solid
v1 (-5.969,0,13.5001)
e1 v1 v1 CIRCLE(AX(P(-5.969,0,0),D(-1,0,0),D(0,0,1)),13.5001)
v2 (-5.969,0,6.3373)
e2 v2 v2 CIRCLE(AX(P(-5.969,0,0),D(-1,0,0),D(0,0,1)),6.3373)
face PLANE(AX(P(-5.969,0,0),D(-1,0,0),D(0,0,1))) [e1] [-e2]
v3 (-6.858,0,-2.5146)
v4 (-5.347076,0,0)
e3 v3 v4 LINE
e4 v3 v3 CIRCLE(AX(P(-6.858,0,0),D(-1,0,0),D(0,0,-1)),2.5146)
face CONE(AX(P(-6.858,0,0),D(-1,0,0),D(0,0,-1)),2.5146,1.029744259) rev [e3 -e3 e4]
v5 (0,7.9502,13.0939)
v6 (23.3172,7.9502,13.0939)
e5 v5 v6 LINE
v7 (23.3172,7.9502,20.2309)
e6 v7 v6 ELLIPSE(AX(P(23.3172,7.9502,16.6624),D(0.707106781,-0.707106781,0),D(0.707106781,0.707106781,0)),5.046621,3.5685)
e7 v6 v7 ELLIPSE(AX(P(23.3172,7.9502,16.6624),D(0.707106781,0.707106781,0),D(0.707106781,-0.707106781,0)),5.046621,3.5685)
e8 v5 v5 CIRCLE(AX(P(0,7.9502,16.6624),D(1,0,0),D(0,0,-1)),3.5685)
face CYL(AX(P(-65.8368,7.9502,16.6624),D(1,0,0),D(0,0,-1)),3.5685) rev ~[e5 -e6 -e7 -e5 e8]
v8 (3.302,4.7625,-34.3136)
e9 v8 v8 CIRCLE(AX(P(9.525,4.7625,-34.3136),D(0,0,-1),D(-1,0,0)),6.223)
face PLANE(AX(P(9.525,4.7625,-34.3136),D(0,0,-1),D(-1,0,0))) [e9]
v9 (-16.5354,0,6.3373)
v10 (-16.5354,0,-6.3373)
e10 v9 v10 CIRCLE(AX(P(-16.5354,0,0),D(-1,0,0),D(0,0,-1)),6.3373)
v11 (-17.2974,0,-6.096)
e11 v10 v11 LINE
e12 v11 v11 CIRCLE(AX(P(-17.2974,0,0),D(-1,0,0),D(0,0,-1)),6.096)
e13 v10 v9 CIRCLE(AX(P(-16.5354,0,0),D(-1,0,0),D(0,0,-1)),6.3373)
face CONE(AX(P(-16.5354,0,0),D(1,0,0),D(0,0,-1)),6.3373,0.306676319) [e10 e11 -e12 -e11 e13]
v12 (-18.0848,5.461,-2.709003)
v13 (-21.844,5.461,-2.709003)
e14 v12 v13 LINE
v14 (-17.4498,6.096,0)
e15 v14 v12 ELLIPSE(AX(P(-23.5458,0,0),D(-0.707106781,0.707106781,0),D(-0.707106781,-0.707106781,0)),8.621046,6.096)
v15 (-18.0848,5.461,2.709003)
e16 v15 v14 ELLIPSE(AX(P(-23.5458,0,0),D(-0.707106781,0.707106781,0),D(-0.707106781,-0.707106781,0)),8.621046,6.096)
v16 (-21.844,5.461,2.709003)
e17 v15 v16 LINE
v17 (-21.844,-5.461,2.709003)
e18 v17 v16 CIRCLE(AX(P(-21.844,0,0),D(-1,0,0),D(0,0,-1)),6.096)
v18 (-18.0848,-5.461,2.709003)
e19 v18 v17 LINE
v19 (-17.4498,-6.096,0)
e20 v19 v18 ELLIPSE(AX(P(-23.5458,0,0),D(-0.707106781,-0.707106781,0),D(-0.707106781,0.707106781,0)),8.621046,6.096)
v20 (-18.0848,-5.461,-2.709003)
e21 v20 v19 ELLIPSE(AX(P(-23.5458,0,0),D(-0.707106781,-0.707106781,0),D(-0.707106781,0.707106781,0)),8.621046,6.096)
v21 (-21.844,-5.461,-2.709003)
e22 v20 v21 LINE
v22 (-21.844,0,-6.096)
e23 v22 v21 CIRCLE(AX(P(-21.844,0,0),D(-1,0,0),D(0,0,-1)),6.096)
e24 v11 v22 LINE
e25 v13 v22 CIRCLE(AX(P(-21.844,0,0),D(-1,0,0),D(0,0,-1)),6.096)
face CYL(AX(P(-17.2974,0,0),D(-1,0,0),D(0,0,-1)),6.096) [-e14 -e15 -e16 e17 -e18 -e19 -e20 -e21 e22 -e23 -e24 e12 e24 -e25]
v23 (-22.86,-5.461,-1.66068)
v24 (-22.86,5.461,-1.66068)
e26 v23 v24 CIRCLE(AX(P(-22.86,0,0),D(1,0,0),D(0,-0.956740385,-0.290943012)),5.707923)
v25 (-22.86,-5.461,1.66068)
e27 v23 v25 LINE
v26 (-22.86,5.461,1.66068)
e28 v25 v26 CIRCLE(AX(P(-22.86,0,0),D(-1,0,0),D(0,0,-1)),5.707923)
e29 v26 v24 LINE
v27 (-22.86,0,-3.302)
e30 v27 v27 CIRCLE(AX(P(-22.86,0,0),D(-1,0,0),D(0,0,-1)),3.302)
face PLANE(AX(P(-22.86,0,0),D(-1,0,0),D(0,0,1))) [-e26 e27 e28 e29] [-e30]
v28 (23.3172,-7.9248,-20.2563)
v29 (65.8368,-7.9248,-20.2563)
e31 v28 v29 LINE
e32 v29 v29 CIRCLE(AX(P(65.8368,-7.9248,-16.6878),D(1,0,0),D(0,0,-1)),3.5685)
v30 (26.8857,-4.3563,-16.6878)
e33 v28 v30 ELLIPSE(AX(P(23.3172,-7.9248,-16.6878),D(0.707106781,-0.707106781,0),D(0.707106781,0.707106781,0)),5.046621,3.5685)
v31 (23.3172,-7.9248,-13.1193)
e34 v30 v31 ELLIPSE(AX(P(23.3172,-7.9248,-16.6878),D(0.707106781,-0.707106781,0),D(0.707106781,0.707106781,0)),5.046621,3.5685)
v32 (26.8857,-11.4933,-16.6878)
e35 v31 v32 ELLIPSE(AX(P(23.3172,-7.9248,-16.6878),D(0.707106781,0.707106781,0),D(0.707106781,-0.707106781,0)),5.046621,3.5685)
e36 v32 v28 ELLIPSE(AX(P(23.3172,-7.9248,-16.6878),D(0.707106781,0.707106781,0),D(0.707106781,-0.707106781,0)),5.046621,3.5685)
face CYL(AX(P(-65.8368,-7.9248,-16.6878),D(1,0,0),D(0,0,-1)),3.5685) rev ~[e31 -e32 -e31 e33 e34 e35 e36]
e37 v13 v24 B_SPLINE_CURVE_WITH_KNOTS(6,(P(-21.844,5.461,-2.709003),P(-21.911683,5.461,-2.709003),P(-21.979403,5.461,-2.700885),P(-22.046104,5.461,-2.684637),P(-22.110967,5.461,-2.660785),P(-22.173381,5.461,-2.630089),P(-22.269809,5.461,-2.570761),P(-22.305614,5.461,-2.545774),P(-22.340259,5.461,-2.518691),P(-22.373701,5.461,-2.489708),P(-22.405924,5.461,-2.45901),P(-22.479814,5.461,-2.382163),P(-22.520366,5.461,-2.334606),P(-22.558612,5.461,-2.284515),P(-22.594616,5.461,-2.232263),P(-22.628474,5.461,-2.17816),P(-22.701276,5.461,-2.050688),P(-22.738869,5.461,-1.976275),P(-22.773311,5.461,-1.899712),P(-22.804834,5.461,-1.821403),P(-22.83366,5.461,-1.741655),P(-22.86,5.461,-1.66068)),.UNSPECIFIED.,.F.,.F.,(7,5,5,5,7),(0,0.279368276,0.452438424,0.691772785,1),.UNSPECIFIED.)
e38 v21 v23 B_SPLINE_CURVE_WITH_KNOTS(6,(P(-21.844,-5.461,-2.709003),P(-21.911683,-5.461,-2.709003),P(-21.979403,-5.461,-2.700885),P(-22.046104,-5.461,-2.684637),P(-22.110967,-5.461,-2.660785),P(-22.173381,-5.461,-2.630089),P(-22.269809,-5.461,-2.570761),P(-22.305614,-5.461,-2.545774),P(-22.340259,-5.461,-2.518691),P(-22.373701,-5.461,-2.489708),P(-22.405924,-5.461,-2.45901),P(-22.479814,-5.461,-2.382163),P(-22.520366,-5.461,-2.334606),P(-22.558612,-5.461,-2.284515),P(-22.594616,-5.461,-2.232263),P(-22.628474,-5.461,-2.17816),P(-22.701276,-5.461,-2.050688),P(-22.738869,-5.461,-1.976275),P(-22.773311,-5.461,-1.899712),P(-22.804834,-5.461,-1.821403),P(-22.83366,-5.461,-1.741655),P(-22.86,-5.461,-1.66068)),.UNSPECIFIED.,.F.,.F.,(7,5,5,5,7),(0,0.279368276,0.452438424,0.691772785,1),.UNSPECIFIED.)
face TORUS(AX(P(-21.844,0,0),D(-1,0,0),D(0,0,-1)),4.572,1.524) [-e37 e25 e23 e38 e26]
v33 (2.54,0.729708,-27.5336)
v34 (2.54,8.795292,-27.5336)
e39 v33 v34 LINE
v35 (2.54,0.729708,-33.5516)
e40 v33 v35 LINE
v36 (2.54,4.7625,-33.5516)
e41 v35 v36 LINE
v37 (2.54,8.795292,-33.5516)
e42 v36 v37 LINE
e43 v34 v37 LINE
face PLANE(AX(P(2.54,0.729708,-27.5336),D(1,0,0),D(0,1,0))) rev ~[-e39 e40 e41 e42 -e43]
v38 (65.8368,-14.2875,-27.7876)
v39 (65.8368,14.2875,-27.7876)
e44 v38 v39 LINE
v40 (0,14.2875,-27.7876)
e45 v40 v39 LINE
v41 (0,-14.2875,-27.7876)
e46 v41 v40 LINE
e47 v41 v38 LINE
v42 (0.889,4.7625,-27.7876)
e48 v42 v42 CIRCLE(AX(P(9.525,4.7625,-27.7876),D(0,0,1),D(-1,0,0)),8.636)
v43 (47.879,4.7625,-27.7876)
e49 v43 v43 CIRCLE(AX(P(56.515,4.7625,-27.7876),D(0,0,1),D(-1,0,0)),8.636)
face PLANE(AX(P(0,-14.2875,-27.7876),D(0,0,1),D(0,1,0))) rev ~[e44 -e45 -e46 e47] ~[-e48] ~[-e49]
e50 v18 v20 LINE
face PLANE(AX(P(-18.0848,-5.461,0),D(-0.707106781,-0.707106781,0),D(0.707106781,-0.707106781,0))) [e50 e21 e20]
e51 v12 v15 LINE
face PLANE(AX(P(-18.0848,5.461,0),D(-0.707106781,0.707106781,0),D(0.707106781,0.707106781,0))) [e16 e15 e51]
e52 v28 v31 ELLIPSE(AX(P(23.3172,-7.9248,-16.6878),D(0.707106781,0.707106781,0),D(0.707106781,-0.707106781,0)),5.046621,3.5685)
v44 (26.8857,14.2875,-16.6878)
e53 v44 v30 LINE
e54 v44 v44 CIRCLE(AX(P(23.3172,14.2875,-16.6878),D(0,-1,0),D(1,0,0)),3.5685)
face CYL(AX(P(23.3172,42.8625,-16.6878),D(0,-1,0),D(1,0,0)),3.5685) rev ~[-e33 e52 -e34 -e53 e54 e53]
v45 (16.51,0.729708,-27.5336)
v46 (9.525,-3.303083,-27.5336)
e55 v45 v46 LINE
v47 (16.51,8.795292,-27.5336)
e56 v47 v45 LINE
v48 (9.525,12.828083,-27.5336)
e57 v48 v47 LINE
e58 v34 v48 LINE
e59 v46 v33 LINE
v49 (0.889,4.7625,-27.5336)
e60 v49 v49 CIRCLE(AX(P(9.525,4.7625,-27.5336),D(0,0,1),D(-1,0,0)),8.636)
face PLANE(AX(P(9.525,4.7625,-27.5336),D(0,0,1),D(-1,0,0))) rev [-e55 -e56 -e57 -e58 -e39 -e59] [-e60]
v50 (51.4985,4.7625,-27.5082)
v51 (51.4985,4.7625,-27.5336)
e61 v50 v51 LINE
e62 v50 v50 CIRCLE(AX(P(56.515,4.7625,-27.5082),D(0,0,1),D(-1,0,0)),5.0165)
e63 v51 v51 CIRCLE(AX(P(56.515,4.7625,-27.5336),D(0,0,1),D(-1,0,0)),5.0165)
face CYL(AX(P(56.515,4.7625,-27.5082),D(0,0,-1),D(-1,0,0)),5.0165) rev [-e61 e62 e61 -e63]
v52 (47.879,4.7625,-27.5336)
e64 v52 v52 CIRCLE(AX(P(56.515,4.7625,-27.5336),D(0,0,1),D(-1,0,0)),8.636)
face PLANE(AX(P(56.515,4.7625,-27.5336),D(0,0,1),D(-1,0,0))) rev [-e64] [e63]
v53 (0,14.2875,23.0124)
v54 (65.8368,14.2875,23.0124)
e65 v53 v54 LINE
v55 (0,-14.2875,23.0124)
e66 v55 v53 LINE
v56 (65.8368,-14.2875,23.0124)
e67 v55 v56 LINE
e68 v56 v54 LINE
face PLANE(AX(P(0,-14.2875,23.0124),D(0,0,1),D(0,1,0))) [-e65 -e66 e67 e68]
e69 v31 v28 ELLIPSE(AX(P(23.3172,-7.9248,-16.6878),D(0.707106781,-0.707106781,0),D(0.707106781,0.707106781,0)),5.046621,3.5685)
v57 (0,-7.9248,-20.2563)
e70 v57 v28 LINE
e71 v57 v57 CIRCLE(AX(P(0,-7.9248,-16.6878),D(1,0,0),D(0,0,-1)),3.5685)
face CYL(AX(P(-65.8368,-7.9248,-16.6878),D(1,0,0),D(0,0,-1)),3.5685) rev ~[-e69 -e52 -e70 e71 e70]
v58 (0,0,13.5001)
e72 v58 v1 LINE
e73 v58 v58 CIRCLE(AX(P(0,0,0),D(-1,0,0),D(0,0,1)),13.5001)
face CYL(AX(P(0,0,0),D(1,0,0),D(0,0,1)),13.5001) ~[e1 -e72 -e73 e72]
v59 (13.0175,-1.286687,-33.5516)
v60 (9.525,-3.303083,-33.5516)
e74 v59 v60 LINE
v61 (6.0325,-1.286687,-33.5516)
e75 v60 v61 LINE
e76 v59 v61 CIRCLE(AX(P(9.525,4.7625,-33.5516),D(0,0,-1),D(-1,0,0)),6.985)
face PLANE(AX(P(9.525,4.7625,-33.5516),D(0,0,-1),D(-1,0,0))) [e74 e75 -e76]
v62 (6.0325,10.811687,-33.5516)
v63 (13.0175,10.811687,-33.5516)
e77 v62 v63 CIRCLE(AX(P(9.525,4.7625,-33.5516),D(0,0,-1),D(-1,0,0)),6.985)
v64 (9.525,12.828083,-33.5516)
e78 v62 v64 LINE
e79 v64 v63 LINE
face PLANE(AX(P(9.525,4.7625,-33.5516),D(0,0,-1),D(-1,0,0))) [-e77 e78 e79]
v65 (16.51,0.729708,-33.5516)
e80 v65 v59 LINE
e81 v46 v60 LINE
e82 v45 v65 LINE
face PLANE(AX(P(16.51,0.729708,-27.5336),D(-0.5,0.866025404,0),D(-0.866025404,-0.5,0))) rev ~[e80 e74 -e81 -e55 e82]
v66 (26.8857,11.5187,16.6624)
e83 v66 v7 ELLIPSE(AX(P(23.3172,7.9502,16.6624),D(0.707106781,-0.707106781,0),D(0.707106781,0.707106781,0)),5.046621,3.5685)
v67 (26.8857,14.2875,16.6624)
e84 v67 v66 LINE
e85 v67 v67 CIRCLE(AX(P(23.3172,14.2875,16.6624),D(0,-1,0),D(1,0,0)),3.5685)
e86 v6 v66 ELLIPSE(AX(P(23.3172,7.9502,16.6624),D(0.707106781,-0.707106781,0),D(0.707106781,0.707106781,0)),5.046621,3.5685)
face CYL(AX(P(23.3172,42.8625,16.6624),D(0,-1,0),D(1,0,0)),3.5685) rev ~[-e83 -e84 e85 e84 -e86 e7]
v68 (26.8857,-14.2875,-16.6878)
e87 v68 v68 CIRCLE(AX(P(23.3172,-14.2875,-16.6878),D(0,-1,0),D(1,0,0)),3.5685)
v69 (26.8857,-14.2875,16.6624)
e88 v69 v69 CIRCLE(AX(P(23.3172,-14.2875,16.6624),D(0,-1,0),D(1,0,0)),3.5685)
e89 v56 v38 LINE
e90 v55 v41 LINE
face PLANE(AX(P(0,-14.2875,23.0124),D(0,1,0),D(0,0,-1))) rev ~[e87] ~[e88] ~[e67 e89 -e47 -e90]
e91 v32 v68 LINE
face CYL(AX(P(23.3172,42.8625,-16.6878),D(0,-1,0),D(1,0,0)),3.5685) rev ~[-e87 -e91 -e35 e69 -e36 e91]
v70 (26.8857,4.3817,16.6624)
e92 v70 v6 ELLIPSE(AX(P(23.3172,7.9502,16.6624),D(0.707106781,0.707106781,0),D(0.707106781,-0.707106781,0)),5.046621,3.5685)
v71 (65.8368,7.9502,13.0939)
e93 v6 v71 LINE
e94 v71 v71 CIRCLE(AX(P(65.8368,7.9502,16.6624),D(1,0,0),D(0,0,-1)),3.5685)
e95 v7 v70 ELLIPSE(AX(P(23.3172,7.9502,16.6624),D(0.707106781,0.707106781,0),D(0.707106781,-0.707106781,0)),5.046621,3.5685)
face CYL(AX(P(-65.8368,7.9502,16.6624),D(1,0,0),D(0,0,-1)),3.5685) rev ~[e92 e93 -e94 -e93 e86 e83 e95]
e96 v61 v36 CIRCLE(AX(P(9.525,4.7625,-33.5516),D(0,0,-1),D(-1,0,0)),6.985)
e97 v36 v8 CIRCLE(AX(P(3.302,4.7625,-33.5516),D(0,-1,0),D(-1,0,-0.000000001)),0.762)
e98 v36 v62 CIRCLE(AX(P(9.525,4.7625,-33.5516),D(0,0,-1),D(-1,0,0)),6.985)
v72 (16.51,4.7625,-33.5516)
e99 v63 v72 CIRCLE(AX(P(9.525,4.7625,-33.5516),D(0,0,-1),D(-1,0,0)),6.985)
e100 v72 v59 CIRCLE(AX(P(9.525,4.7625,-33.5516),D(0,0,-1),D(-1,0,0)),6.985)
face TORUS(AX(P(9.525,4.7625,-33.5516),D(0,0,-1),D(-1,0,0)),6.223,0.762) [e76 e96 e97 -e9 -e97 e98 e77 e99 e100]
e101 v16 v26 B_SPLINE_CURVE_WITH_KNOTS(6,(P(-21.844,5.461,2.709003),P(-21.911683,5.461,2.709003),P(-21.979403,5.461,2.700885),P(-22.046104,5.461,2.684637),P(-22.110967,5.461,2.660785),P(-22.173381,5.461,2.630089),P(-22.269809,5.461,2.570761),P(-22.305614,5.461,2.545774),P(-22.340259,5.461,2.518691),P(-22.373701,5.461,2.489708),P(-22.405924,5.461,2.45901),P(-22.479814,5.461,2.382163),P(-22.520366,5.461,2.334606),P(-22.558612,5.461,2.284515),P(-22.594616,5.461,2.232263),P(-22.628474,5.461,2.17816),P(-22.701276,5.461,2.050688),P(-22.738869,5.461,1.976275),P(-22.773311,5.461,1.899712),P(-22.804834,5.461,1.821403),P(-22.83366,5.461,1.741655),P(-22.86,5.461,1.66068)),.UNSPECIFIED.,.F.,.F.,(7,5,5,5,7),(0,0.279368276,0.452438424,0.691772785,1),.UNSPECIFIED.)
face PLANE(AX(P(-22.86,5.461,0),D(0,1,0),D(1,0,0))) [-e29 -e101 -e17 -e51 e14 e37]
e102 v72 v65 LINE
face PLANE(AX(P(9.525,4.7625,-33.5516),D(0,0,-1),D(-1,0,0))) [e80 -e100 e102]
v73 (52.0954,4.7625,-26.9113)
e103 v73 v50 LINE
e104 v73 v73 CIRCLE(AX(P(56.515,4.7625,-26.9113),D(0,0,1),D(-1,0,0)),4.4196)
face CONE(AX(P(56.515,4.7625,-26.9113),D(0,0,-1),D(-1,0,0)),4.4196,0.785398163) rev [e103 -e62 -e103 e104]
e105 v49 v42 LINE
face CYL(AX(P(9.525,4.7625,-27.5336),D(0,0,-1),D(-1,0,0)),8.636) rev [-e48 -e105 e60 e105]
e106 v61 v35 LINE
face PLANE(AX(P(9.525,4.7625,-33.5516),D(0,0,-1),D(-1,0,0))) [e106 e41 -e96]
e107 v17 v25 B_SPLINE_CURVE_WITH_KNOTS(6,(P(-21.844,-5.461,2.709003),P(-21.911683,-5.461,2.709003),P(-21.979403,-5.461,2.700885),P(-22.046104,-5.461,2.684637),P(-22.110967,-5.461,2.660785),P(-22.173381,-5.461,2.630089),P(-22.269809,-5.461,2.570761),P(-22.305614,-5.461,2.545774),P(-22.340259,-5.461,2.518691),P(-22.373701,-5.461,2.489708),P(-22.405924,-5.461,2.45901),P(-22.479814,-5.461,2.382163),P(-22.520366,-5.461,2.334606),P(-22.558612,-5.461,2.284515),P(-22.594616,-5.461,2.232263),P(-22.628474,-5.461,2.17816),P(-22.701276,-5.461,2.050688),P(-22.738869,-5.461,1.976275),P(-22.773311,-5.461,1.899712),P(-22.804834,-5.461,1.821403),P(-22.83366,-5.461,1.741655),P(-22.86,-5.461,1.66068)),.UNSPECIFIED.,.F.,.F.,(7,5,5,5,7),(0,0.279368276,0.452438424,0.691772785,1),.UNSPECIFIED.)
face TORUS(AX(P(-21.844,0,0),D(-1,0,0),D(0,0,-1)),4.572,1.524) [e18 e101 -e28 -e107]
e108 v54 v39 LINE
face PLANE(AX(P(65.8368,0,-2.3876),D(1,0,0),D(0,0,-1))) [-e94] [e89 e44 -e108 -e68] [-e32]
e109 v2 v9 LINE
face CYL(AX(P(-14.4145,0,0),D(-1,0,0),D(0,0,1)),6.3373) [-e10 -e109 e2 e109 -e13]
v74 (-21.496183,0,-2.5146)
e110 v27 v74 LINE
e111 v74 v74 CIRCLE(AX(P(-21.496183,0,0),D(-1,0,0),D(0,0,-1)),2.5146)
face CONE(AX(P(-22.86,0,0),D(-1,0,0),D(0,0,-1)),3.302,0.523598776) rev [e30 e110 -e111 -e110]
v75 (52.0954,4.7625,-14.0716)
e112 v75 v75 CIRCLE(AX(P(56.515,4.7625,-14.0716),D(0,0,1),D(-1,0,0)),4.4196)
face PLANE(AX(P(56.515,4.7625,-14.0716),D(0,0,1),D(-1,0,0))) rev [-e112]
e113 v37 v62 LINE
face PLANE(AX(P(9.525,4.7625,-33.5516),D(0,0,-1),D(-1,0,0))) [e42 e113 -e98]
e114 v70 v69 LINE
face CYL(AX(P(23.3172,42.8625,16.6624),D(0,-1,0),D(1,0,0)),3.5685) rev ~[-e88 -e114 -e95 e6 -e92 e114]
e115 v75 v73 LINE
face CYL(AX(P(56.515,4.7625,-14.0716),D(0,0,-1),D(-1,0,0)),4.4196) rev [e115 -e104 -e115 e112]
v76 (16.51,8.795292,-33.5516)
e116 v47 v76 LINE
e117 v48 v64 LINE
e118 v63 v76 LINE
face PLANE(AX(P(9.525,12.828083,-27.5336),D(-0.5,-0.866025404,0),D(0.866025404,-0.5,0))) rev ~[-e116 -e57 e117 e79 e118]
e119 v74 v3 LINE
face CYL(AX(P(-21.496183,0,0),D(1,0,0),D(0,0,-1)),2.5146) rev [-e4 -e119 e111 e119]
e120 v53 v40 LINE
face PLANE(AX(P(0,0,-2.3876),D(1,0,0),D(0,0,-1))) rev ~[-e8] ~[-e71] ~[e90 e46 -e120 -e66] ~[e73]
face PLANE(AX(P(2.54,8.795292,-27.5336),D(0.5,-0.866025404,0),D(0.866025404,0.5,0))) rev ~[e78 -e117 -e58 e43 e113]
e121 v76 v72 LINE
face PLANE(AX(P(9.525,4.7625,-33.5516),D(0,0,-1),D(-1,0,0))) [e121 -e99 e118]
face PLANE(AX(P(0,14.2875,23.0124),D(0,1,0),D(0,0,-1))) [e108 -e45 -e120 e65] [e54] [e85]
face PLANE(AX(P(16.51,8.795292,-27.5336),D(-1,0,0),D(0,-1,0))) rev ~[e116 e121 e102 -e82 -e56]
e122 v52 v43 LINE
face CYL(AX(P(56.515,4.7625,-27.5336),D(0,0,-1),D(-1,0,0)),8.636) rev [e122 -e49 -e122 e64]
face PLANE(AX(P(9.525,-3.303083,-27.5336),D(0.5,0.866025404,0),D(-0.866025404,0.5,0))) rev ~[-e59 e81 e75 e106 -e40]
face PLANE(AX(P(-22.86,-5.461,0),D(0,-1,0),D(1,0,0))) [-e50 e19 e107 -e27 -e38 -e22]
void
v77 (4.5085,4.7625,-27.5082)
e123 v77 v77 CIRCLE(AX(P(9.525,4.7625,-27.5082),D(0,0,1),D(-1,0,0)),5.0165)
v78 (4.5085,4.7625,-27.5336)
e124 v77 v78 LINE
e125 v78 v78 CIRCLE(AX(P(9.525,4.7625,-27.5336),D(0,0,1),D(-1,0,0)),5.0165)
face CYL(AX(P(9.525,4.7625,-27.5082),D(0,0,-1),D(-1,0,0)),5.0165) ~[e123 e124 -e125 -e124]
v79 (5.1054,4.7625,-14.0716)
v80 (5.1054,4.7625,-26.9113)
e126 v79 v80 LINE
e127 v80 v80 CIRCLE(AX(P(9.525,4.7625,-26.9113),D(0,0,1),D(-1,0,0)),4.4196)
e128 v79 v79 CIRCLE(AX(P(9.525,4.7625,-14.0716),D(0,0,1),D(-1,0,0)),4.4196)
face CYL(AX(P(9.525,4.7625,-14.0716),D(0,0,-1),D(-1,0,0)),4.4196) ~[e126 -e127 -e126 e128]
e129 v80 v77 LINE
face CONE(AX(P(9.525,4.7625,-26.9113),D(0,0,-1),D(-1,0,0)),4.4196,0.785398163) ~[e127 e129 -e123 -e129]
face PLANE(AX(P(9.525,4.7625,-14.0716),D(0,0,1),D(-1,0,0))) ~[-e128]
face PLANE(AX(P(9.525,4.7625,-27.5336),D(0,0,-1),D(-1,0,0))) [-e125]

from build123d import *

# Parameters (mm, degrees)
SKETCH1_W          = 50.8
SKETCH1_H          = 28.575
EXTRUDE1_DEPTH     = 65.8368
LPATTERN1_COUNT    = 2
LPATTERN1_PITCH    = 46.99
SKETCH5_R          = 13.5001
EXTRUDE2_DEPTH     = 5.969
SKETCH6_W          = 6.3373
SKETCH6_H          = 16.891
CUT_EXTRUDE4_DEPTH = 30.48
HOLE1_D            = 7.137
HOLE1_DEPTH        = 65.8368
HOLE2_D            = 7.137
HOLE2_DEPTH        = 28.575
EXTRUDE3_DEPTH     = 6.78


with BuildPart() as part:
    # Sketch1 → Extrude1 (new body)
    with BuildSketch(Plane(origin=(0, 0, 0), x_dir=(0, 0, -1), z_dir=(1, 0, 0))):
        with Locations((2.3876, 0)):
            Rectangle(SKETCH1_W, SKETCH1_H)
    extrude(amount=EXTRUDE1_DEPTH)

    # S2D0002 → Cut-Revolve1 (revolve, cut)
    with BuildSketch(Plane(origin=(0, 4.7625, 0), x_dir=(-1, 0, 0), z_dir=(0, 1, 0)), mode=Mode.PRIVATE) as cut_revolve1_sk:
        Polygon((-14.5415, -27.5336), (-18.161, -27.5336), (-18.161, -27.7876), (-9.525, -27.7876), (-9.525, -14.0716), (-13.9446, -14.0716), (-13.9446, -26.9113), (-14.5415, -27.5082), align=None)
    cut_revolve1 = revolve(cut_revolve1_sk.sketch.rotate(Axis((9.525, 4.7625, -19.13842003), (0, 0, 1)), 180), axis=Axis((9.525, 4.7625, -19.13842003), (0, 0, 1)), mode=Mode.SUBTRACT)  # turned: the seam where the file's is

    # LPattern1: Cut-Revolve1 ×2
    with Locations(*[(i * LPATTERN1_PITCH, 0, 0) for i in range(1, LPATTERN1_COUNT)]):
        add(cut_revolve1, mode=Mode.SUBTRACT)

    # Sketch5 → Extrude2 (add)
    with BuildSketch(Plane.ZY):
        Circle(SKETCH5_R)
    extrude(amount=EXTRUDE2_DEPTH)

    # Sketch6 → Revolve1 (revolve)
    with BuildSketch(Plane(origin=(0, 0, 0), x_dir=(0, 0, 1), z_dir=(0, -1, 0)), mode=Mode.PRIVATE) as revolve1_sk:
        with Locations((-3.16865, 14.4145)):
            Rectangle(SKETCH6_W, SKETCH6_H)
    revolve(revolve1_sk.sketch.rotate(Axis((5.754582971, 0, 0), (-1, 0, 0)), 180), axis=Axis((5.754582971, 0, 0), (-1, 0, 0)))  # turned: the seam where the file's is

    # S2D0001 → Cut-Revolve4 (revolve, cut)
    with BuildSketch(Plane(origin=(-18.511260017, 3.2639, 0), x_dir=(0, 1, 0), z_dir=(0, 0, 1)), mode=Mode.PRIVATE) as cut_revolve4_sk:
        Polygon((-0.7493, 2.984923177), (-0.7493, -11.653260017), (-3.2639, -13.16418413), (-3.2639, 4.348739983), (0.0381, 4.348739983), align=None)
    revolve(cut_revolve4_sk.sketch.rotate(Axis((0, 0, 0), (-1, 0, 0)), 90), axis=Axis((0, 0, 0), (-1, 0, 0)), mode=Mode.SUBTRACT)  # turned: the seam where the file's is

    # Sketch8 → Cut-Revolve5 (revolve, cut)
    with BuildSketch(Plane(origin=(0, 0, 0), x_dir=(0, 0, -1), z_dir=(0, 1, 0)), mode=Mode.PRIVATE) as cut_revolve5_sk:
        with BuildLine():
            Line((-6.3373, 16.5354), (-6.096, 17.2974))
            Line((-6.096, 17.2974), (-6.096, 21.844))
            ThreePointArc((-6.096, 21.844), (-5.995678675, 22.387796865), (-5.707922533, 22.86))
            Line((-5.707922533, 22.86), (-6.3373, 22.86))
            Line((-6.3373, 22.86), (-6.3373, 16.5354))
        make_face()
    revolve(cut_revolve5_sk.sketch.rotate(Axis((-12.65936, 0, 0), (-1, 0, 0)), 180), axis=Axis((-12.65936, 0, 0), (-1, 0, 0)), mode=Mode.SUBTRACT)  # turned: the seam where the file's is

    # Sketch12 → Cut-Extrude4 (cut, symmetric)
    with BuildSketch(Plane(origin=(0, 0, 0), x_dir=(0, -1, 0), z_dir=(0, 0, -1))):
        Polygon((5.461, 22.86), (5.461, 18.0848), (6.096, 17.4498), (6.096, 22.86), align=None)
        Polygon((-5.461, 22.86), (-5.461, 18.0848), (-6.096, 17.4498), (-6.096, 22.86), align=None)
    extrude(amount=CUT_EXTRUDE4_DEPTH, both=True, mode=Mode.SUBTRACT)

    # Hole1
    with Locations(Plane.ZY):
        with Locations((-16.6878, -7.9248), (16.6624, 7.9502)):
            Hole(HOLE1_D / 2, depth=HOLE1_DEPTH)

    # Hole2
    with Locations(Plane(origin=(0, 14.2875, 0), x_dir=(-1, 0, 0), z_dir=(0, 1, 0))):
        with Locations((-23.3172, -16.6878), (-23.3172, 16.6624)):
            Hole(HOLE2_D / 2, depth=HOLE2_DEPTH)

    # Sketch18 → Extrude3 (add)
    with BuildSketch(Plane(origin=(0, 0, -27.5336), x_dir=(-1, 0, 0), z_dir=(0, 0, -1))):
        Polygon((-2.54, 8.79529163), (-9.525, 12.828083261), (-16.51, 8.79529163), (-16.51, 0.72970837), (-9.525, -3.303083261), (-2.54, 0.72970837), align=None)
    extrude(amount=EXTRUDE3_DEPTH)

    # Sketch19 → Cut-Revolve6 (revolve, cut)
    with BuildSketch(Plane(origin=(0, 4.7625, 0), x_dir=(-1, 0, 0), z_dir=(0, 1, 0)), mode=Mode.PRIVATE) as cut_revolve6_sk:
        with BuildLine():
            Line((-15.748, -34.3136), (-15.748, -36.7266))
            Line((-15.748, -36.7266), (-18.923, -36.7266))
            Line((-18.923, -36.7266), (-18.923, -33.5516))
            Line((-18.923, -33.5516), (-16.51, -33.5516))
            ThreePointArc((-16.51, -33.5516), (-16.286815367, -34.090415367), (-15.748, -34.3136))
        make_face()
    revolve(cut_revolve6_sk.sketch.rotate(Axis((9.525, 4.7625, -18.51025594), (0, 0, -1)), 180), axis=Axis((9.525, 4.7625, -18.51025594), (0, 0, -1)), mode=Mode.SUBTRACT)  # turned: the seam where the file's is


solid = part.part
